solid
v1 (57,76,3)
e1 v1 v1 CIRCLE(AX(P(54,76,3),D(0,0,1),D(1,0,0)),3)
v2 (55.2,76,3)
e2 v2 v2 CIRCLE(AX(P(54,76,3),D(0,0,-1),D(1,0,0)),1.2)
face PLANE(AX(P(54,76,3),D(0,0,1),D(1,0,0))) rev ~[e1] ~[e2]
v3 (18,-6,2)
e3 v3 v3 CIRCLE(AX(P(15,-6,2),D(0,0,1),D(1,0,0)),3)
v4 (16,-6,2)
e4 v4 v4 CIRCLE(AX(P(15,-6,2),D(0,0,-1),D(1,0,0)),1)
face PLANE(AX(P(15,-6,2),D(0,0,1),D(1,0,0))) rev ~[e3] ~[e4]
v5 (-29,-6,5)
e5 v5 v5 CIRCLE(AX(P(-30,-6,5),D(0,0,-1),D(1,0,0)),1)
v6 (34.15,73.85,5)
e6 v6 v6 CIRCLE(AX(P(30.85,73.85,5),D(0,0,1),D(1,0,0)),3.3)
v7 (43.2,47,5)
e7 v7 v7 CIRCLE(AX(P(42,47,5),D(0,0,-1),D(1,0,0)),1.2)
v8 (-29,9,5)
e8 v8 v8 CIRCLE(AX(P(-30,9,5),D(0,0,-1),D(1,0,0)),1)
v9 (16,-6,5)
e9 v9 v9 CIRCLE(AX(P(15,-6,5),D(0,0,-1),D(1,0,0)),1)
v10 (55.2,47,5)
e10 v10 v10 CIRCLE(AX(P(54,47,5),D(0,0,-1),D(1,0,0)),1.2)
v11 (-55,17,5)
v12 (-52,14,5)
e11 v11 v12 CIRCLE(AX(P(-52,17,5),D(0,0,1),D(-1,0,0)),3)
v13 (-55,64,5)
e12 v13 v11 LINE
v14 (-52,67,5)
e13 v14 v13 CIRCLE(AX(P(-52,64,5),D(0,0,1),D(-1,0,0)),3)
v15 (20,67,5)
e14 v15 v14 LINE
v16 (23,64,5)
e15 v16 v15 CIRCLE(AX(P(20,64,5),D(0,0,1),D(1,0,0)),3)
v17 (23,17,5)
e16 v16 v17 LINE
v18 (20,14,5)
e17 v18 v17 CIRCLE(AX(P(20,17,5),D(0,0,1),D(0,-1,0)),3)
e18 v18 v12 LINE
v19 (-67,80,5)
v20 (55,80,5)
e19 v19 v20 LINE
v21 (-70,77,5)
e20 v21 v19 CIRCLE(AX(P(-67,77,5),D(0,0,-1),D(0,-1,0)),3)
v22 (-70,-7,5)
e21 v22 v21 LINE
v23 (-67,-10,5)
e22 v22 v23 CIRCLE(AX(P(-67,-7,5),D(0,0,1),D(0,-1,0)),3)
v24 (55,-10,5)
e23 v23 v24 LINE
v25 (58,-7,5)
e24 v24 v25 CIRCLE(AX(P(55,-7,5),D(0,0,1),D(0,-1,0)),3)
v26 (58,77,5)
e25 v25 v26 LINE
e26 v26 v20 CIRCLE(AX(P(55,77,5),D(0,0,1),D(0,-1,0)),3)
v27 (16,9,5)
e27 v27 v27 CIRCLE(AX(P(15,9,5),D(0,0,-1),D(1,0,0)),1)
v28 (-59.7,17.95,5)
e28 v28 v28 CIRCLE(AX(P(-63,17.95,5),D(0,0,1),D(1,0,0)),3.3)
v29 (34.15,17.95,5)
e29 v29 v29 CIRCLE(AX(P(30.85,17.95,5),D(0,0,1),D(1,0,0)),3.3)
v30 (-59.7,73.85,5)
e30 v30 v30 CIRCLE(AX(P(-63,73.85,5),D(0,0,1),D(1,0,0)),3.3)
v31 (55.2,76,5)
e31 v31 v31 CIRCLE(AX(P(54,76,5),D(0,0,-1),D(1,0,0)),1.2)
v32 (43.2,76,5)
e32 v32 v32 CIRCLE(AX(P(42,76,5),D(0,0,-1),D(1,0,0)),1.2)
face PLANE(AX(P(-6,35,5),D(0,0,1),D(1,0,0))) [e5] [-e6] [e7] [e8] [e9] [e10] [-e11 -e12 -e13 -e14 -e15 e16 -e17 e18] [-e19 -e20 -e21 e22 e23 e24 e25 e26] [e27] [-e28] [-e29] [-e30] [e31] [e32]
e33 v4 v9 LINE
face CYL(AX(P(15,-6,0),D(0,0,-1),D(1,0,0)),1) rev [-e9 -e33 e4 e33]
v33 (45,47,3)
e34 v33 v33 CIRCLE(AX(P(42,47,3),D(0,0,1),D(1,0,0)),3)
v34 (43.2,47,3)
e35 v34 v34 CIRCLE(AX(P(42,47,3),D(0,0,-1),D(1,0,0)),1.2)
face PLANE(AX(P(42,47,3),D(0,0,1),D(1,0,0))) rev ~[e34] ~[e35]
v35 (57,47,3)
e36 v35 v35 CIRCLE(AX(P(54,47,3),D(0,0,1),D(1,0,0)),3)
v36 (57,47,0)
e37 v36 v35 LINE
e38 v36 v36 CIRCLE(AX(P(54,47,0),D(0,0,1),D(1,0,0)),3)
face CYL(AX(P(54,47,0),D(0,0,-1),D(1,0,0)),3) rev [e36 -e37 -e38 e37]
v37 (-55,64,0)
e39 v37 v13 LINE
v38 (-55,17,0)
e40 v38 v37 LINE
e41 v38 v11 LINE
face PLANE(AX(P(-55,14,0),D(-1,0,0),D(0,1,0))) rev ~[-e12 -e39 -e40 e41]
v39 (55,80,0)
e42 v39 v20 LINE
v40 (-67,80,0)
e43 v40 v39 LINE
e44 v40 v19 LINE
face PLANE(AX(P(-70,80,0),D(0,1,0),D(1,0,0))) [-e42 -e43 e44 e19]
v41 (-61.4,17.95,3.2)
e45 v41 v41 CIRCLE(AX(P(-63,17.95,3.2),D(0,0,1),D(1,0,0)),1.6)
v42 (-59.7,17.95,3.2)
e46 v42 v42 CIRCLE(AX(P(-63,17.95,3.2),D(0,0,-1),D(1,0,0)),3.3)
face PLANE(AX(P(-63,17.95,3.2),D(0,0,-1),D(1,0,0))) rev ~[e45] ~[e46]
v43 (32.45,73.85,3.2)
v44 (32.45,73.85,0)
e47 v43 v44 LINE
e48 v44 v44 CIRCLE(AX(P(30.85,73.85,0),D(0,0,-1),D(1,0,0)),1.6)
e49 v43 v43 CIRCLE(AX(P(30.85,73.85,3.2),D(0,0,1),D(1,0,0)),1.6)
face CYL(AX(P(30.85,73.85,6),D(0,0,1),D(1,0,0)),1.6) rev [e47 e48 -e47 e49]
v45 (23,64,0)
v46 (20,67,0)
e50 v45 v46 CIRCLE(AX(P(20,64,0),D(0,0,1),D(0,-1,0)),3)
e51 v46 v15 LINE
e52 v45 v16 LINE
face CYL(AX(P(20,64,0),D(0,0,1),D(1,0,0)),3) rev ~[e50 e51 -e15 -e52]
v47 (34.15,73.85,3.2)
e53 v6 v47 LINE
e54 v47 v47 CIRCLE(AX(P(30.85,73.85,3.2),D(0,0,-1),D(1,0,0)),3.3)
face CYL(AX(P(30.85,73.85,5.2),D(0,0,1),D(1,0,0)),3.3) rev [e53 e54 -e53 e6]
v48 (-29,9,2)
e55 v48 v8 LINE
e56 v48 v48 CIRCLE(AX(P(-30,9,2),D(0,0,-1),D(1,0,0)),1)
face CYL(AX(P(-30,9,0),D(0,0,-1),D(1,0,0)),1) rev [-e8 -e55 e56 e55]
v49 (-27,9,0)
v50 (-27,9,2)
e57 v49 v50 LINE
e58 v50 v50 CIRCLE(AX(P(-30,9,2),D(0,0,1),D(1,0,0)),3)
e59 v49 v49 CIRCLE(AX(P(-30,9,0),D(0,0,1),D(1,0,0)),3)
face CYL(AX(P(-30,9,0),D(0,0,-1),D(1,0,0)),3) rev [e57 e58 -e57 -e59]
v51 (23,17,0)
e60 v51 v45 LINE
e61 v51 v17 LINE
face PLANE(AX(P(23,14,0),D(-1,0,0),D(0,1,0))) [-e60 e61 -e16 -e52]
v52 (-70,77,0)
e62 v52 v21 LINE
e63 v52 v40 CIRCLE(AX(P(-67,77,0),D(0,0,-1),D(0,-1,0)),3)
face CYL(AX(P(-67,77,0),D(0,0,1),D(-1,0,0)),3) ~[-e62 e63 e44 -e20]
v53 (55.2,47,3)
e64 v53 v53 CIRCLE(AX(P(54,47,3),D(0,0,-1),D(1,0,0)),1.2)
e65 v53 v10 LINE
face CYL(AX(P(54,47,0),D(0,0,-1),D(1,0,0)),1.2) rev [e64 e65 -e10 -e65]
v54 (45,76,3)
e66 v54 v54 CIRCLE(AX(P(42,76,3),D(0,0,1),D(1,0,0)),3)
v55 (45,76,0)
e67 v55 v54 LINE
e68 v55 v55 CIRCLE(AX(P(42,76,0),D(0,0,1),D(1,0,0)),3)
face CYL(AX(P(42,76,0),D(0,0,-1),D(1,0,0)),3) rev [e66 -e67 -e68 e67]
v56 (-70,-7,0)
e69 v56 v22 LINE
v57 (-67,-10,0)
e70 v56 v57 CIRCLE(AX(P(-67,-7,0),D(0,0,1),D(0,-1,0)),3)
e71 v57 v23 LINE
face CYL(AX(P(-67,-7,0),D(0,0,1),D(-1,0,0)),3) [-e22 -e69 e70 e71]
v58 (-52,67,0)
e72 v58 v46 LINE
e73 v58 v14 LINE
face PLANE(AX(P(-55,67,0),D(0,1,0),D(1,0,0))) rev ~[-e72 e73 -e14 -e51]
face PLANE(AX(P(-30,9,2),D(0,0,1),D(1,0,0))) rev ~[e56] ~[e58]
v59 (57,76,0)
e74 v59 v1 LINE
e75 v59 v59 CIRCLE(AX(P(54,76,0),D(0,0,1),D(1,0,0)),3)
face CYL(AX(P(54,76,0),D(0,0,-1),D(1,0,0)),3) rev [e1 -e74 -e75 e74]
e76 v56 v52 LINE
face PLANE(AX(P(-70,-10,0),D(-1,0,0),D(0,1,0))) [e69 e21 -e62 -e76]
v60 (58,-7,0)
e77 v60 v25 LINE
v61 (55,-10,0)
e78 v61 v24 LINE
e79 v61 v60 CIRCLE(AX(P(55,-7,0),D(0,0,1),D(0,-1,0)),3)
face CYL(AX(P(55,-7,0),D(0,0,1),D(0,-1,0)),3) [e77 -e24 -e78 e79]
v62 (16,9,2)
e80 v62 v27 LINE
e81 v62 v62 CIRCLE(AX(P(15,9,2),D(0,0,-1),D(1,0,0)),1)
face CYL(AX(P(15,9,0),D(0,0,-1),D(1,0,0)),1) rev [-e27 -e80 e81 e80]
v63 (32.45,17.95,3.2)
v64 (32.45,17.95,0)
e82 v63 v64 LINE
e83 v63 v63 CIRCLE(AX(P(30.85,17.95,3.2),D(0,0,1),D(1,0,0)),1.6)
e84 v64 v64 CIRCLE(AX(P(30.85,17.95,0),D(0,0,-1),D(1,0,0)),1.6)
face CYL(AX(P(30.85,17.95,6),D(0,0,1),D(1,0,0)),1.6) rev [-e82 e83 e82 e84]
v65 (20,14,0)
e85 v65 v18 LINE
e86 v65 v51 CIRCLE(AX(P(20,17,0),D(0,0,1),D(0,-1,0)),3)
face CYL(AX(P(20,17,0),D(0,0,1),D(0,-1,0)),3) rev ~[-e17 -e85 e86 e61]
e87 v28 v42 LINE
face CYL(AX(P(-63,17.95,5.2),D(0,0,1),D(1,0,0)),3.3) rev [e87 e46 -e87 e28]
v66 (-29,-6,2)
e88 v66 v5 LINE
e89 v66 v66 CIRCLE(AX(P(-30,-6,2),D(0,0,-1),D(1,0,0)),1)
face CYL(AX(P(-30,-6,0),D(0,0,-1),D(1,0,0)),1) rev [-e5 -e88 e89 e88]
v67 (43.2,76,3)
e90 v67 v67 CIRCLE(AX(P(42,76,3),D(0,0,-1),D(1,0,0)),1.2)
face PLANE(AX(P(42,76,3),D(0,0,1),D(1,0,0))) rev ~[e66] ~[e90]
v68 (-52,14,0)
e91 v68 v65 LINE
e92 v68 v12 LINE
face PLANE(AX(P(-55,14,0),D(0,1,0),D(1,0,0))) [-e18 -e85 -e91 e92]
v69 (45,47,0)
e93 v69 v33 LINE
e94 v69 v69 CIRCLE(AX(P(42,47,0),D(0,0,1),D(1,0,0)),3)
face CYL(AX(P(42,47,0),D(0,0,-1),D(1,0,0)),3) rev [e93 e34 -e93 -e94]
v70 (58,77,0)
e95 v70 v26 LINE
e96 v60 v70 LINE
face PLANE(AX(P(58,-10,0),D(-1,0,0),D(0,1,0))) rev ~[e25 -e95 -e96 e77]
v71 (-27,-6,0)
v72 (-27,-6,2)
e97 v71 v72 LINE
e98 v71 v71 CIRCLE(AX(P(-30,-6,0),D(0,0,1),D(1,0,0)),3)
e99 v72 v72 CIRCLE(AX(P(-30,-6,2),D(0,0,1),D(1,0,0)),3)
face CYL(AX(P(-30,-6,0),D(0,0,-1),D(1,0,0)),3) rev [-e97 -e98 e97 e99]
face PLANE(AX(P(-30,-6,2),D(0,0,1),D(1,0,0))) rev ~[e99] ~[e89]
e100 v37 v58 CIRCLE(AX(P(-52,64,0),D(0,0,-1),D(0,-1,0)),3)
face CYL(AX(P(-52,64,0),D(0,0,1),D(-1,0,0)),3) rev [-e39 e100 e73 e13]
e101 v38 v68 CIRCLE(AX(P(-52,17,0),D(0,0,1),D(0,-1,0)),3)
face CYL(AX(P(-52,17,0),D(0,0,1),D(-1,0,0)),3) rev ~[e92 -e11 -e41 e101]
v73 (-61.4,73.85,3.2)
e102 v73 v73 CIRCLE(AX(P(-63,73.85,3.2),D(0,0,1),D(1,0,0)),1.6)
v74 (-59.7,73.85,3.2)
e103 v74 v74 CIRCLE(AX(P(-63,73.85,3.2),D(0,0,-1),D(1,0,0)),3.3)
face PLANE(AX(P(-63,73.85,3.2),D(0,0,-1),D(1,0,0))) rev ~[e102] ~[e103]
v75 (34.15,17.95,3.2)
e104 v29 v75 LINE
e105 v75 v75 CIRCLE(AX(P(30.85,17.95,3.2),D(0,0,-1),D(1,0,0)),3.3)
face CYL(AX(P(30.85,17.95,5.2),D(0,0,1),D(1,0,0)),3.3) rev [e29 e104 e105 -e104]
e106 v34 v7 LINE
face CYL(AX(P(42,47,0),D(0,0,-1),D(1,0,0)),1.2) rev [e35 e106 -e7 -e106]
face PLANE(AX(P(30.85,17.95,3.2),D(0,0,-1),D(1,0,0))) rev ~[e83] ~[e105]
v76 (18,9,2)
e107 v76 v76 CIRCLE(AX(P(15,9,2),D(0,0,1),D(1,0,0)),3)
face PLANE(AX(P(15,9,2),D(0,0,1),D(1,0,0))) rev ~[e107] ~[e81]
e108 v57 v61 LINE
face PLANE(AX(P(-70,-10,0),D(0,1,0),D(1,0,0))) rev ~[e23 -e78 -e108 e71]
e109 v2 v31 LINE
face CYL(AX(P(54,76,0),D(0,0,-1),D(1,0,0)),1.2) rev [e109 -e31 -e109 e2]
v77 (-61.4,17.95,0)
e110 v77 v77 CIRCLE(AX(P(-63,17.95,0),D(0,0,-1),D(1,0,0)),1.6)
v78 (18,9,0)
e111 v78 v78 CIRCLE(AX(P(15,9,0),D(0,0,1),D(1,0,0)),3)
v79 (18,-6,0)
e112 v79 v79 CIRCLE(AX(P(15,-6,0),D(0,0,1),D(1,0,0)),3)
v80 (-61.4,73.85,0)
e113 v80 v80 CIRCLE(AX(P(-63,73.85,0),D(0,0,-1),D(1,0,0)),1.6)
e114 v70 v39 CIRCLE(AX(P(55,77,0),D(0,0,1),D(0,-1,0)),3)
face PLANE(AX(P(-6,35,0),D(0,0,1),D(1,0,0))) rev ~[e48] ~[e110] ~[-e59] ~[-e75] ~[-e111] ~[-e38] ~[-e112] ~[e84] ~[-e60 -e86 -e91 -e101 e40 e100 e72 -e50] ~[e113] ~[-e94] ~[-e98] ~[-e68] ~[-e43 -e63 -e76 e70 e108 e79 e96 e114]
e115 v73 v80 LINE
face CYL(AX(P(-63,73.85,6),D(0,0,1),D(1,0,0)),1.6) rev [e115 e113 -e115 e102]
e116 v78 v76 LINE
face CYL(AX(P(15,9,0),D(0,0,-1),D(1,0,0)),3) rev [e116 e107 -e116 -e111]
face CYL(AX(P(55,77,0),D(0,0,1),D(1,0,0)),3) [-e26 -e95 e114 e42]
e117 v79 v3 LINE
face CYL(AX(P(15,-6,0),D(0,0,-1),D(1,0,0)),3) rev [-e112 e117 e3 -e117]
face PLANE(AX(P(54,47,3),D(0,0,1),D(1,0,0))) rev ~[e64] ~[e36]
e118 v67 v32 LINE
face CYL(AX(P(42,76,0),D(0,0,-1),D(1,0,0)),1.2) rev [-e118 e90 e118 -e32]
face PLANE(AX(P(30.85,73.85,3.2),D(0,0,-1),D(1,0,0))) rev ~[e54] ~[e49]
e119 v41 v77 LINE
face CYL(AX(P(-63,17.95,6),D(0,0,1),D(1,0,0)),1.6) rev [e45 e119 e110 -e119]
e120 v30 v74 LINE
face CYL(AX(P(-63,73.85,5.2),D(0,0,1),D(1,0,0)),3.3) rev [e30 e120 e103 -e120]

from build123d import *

# Parameters (mm, degrees)
CYLINDER051_R             = 1
CYLINDER051_DEPTH         = 25
CYLINDER052_R             = 1
CYLINDER052_DEPTH         = 25
CYLINDER053_R             = 1
CYLINDER053_DEPTH         = 25
CYLINDER057_R             = 3
CYLINDER057_DEPTH         = 2
CYLINDER058_R             = 3
CYLINDER058_DEPTH         = 2
CYLINDER059_R             = 3
CYLINDER059_DEPTH         = 2
CYLINDER060_R             = 3
CYLINDER060_DEPTH         = 2
CYLINDER050_R             = 1
CYLINDER050_DEPTH         = 25
CYLINDER020_R             = 3.3
CYLINDER020_DEPTH         = 2
CYLINDER019_R             = 3.3
CYLINDER019_DEPTH         = 2
CYLINDER017_R             = 3.3
CYLINDER017_DEPTH         = 2
CYLINDER018_R             = 3.3
CYLINDER018_DEPTH         = 2
FUSION015_PLACEMENT_ANGLE = 180
CYLINDER016_R             = 1.6
CYLINDER016_DEPTH         = 6
CYLINDER013_R             = 1.6
CYLINDER013_DEPTH         = 6
CYLINDER012_R             = 1.6
CYLINDER012_DEPTH         = 6
CYLINDER015_R             = 1.6
CYLINDER015_DEPTH         = 6
CYLINDER014_R             = 1.2
CYLINDER014_DEPTH         = 4.2
FUSION014_PLACEMENT_ANGLE = 180
CYLINDER030_R             = 1.2
CYLINDER030_DEPTH         = 12
CYLINDER031_R             = 1.2
CYLINDER031_DEPTH         = 12
CYLINDER032_R             = 1.2
CYLINDER032_DEPTH         = 12
CYLINDER033_R             = 1.2
CYLINDER033_DEPTH         = 12
CYLINDER034_R             = 3
CYLINDER034_DEPTH         = 3
CYLINDER035_R             = 3
CYLINDER035_DEPTH         = 3
CYLINDER036_R             = 3
CYLINDER036_DEPTH         = 3
CYLINDER037_R             = 3
CYLINDER037_DEPTH         = 3
BOX039_W                  = 78
BOX039_H                  = 53
BOX039_DEPTH              = 6
FILLET002029_R            = 3
BOX017_W                  = 128
BOX017_H                  = 90
BOX017_DEPTH              = 5
FILLET002014_R            = 3


with BuildPart() as hubscrewholle011:
    # Cylinder051 → Cylinder051 (new body)
    with BuildSketch(Plane(origin=(-30, 9, 0), x_dir=(1, 0, 0), z_dir=(0, 0, 1))):
        Circle(CYLINDER051_R)
    extrude(amount=CYLINDER051_DEPTH)


with BuildPart() as hubscrewholle012:
    # Cylinder052 → Cylinder052 (new body)
    with BuildSketch(Plane(origin=(15, -6, 0), x_dir=(1, 0, 0), z_dir=(0, 0, 1))):
        Circle(CYLINDER052_R)
    extrude(amount=CYLINDER052_DEPTH)


with BuildPart() as hubscrewholle013:
    # Cylinder053 → Cylinder053 (new body)
    with BuildSketch(Plane(origin=(15, 9, 0), x_dir=(1, 0, 0), z_dir=(0, 0, 1))):
        Circle(CYLINDER053_R)
    extrude(amount=CYLINDER053_DEPTH)


with BuildPart() as hubscrewholle017:
    # Cylinder057 → Cylinder057 (new body)
    with BuildSketch(Plane(origin=(15, -6, 0), x_dir=(1, 0, 0), z_dir=(0, 0, 1))):
        Circle(CYLINDER057_R)
    extrude(amount=CYLINDER057_DEPTH)


with BuildPart() as hubscrewholle018:
    # Cylinder058 → Cylinder058 (new body)
    with BuildSketch(Plane(origin=(-30, -6, 0), x_dir=(1, 0, 0), z_dir=(0, 0, 1))):
        Circle(CYLINDER058_R)
    extrude(amount=CYLINDER058_DEPTH)


with BuildPart() as hubscrewholle019:
    # Cylinder059 → Cylinder059 (new body)
    with BuildSketch(Plane(origin=(-30, 9, 0), x_dir=(1, 0, 0), z_dir=(0, 0, 1))):
        Circle(CYLINDER059_R)
    extrude(amount=CYLINDER059_DEPTH)


with BuildPart() as hubscrewholle020:
    # Cylinder060 → Cylinder060 (new body)
    with BuildSketch(Plane(origin=(15, 9, 0), x_dir=(1, 0, 0), z_dir=(0, 0, 1))):
        Circle(CYLINDER060_R)
    extrude(amount=CYLINDER060_DEPTH)


with BuildPart() as fusion032002:
    # Cylinder050 → Cylinder050 (new body)
    with BuildSketch(Plane(origin=(-30, -6, 0), x_dir=(1, 0, 0), z_dir=(0, 0, 1))):
        Circle(CYLINDER050_R)
    extrude(amount=CYLINDER050_DEPTH)

    # Fusion032002: union HubScrewHolle011, HubScrewHolle012, HubScrewHolle013, HubScrewHolle017, HubScrewHolle018, HubScrewHolle019, HubScrewHolle020
    add(hubscrewholle011.part)
    add(hubscrewholle012.part)
    add(hubscrewholle013.part)
    add(hubscrewholle017.part)
    add(hubscrewholle018.part)
    add(hubscrewholle019.part)
    add(hubscrewholle020.part)


with BuildPart() as cylinder020:
    # Cylinder020 → Cylinder020 (new body)
    with BuildSketch(Plane(origin=(46.85, -27.85, 2), x_dir=(1, 0, 0), z_dir=(0, 0, 1))):
        Circle(CYLINDER020_R)
    extrude(amount=CYLINDER020_DEPTH)


with BuildPart() as cylinder019:
    # Cylinder019 → Cylinder019 (new body)
    with BuildSketch(Plane(origin=(-47, -27.85, 2), x_dir=(1, 0, 0), z_dir=(0, 0, 1))):
        Circle(CYLINDER019_R)
    extrude(amount=CYLINDER019_DEPTH)


with BuildPart() as cylinder017:
    # Cylinder017 → Cylinder017 (new body)
    with BuildSketch(Plane(origin=(-47, 28.05, 2), x_dir=(1, 0, 0), z_dir=(0, 0, 1))):
        Circle(CYLINDER017_R)
    extrude(amount=CYLINDER017_DEPTH)


with BuildPart() as fastners:
    # Cylinder018 → Cylinder018 (new body)
    with BuildSketch(Plane(origin=(46.85, 28.05, 2), x_dir=(1, 0, 0), z_dir=(0, 0, 1))):
        Circle(CYLINDER018_R)
    extrude(amount=CYLINDER018_DEPTH)

    # Fusion015: union Cylinder020, Cylinder019, Cylinder017
    add(cylinder020.part)
    add(cylinder019.part)
    add(cylinder017.part)


with BuildPart() as fastners_1:
    # Fusion015 placement: moved
    add(fastners.part.moved(Location((-51, 46, 7.2))).rotate(Axis((-51, 46, 7.2), (1, 0, 0)), FUSION015_PLACEMENT_ANGLE))


with BuildPart() as cylinder016:
    # Cylinder016 → Cylinder016 (new body)
    with BuildSketch(Plane(origin=(46.85, 28.05, 1.2), x_dir=(1, 0, 0), z_dir=(0, 0, 1))):
        Circle(CYLINDER016_R)
    extrude(amount=CYLINDER016_DEPTH)


with BuildPart() as cylinder013:
    # Cylinder013 → Cylinder013 (new body)
    with BuildSketch(Plane(origin=(46.85, -27.85, 1.2), x_dir=(1, 0, 0), z_dir=(0, 0, 1))):
        Circle(CYLINDER013_R)
    extrude(amount=CYLINDER013_DEPTH)


with BuildPart() as cylinder012:
    # Cylinder012 → Cylinder012 (new body)
    with BuildSketch(Plane(origin=(-47, -27.85, 1.2), x_dir=(1, 0, 0), z_dir=(0, 0, 1))):
        Circle(CYLINDER012_R)
    extrude(amount=CYLINDER012_DEPTH)


with BuildPart() as cylinder015:
    # Cylinder015 → Cylinder015 (new body)
    with BuildSketch(Plane(origin=(-47, 28.05, 1.2), x_dir=(1, 0, 0), z_dir=(0, 0, 1))):
        Circle(CYLINDER015_R)
    extrude(amount=CYLINDER015_DEPTH)


with BuildPart() as opi5_fastnerholles:
    # Cylinder014 → Cylinder014 (new body)
    with BuildSketch(Plane(origin=(46.85, -15.5, -2.3), x_dir=(0, 0, -1), z_dir=(1, 0, 0))):
        Circle(CYLINDER014_R)
    extrude(amount=CYLINDER014_DEPTH)

    # Fusion014: union Cylinder016, Cylinder013, Cylinder012, Cylinder015
    add(cylinder016.part)
    add(cylinder013.part)
    add(cylinder012.part)
    add(cylinder015.part)


with BuildPart() as opi5_fastnerholles_1:
    # Fusion014 placement: moved
    add(opi5_fastnerholles.part.moved(Location((-51, 46, 7.2))).rotate(Axis((-51, 46, 7.2), (1, 0, 0)), FUSION014_PLACEMENT_ANGLE))

    # Fusion: union Fastners
    add(fastners_1.part)


with BuildPart() as opi5_fastnerholles_2:
    # Fusion placement: moved
    add(opi5_fastnerholles_1.part.moved(Location((35, 0, 0))))


with BuildPart() as screwholle011:
    # Cylinder030 → Cylinder030 (new body)
    with BuildSketch(Plane(origin=(54, 47, 0), x_dir=(1, 0, 0), z_dir=(0, 0, 1))):
        Circle(CYLINDER030_R)
    extrude(amount=CYLINDER030_DEPTH)


with BuildPart() as screwholle012:
    # Cylinder031 → Cylinder031 (new body)
    with BuildSketch(Plane(origin=(42, 47, 0), x_dir=(1, 0, 0), z_dir=(0, 0, 1))):
        Circle(CYLINDER031_R)
    extrude(amount=CYLINDER031_DEPTH)


with BuildPart() as screwholle013:
    # Cylinder032 → Cylinder032 (new body)
    with BuildSketch(Plane(origin=(54, 76, 0), x_dir=(1, 0, 0), z_dir=(0, 0, 1))):
        Circle(CYLINDER032_R)
    extrude(amount=CYLINDER032_DEPTH)


with BuildPart() as screwholle014:
    # Cylinder033 → Cylinder033 (new body)
    with BuildSketch(Plane(origin=(42, 76, 0), x_dir=(1, 0, 0), z_dir=(0, 0, 1))):
        Circle(CYLINDER033_R)
    extrude(amount=CYLINDER033_DEPTH)


with BuildPart() as screwholle015:
    # Cylinder034 → Cylinder034 (new body)
    with BuildSketch(Plane(origin=(54, 47, 0), x_dir=(1, 0, 0), z_dir=(0, 0, 1))):
        Circle(CYLINDER034_R)
    extrude(amount=CYLINDER034_DEPTH)


with BuildPart() as screwholle016:
    # Cylinder035 → Cylinder035 (new body)
    with BuildSketch(Plane(origin=(42, 47, 0), x_dir=(1, 0, 0), z_dir=(0, 0, 1))):
        Circle(CYLINDER035_R)
    extrude(amount=CYLINDER035_DEPTH)


with BuildPart() as screwholle017:
    # Cylinder036 → Cylinder036 (new body)
    with BuildSketch(Plane(origin=(54, 76, 0), x_dir=(1, 0, 0), z_dir=(0, 0, 1))):
        Circle(CYLINDER036_R)
    extrude(amount=CYLINDER036_DEPTH)


with BuildPart() as pushbuttonscrewholles:
    # Cylinder037 → Cylinder037 (new body)
    with BuildSketch(Plane(origin=(42, 76, 0), x_dir=(1, 0, 0), z_dir=(0, 0, 1))):
        Circle(CYLINDER037_R)
    extrude(amount=CYLINDER037_DEPTH)

    # Fusion030: union ScrewHolle011, ScrewHolle012, ScrewHolle013, ScrewHolle014, ScrewHolle015, ScrewHolle016, ScrewHolle017
    add(screwholle011.part)
    add(screwholle012.part)
    add(screwholle013.part)
    add(screwholle014.part)
    add(screwholle015.part)
    add(screwholle016.part)
    add(screwholle017.part)


with BuildPart() as fusion031:
    # Box039 → Box039 (new body)
    with BuildSketch(Plane(origin=(-55, 14, 0), x_dir=(1, 0, 0), z_dir=(0, 0, 1))):
        with Locations((39, 26.5)):
            Rectangle(BOX039_W, BOX039_H)
    extrude(amount=BOX039_DEPTH)

    # Fillet002029
    fillet002029_edges = [fusion031.edges().sort_by_distance(p)[0] for p in [
        (-55, 14, 3),
        (-55, 67, 3),
        (23, 14, 3),
        (23, 67, 3),
    ]]
    fillet(fillet002029_edges, radius=FILLET002029_R)

    # Fusion031: union OPI5_FastnerHolles, PushButtonScrewHolles
    add(opi5_fastnerholles_2.part)
    add(pushbuttonscrewholles.part)


with BuildPart() as opi5base:
    # Box017 → Box017 (new body)
    with BuildSketch(Plane(origin=(-70, -10, 0), x_dir=(1, 0, 0), z_dir=(0, 0, 1))):
        with Locations((64, 45)):
            Rectangle(BOX017_W, BOX017_H)
    extrude(amount=BOX017_DEPTH)

    # Fillet002014
    fillet002014_edges = [opi5base.edges().sort_by_distance(p)[0] for p in [
        (-70, -10, 2.5),
        (-70, 80, 2.5),
        (58, -10, 2.5),
        (58, 80, 2.5),
    ]]
    fillet(fillet002014_edges, radius=FILLET002014_R)

    # Cut: cut Fusion031
    add(fusion031.part, mode=Mode.SUBTRACT)

    # Cut010: cut Fusion032002
    add(fusion032002.part, mode=Mode.SUBTRACT)


solid = opi5base.part
